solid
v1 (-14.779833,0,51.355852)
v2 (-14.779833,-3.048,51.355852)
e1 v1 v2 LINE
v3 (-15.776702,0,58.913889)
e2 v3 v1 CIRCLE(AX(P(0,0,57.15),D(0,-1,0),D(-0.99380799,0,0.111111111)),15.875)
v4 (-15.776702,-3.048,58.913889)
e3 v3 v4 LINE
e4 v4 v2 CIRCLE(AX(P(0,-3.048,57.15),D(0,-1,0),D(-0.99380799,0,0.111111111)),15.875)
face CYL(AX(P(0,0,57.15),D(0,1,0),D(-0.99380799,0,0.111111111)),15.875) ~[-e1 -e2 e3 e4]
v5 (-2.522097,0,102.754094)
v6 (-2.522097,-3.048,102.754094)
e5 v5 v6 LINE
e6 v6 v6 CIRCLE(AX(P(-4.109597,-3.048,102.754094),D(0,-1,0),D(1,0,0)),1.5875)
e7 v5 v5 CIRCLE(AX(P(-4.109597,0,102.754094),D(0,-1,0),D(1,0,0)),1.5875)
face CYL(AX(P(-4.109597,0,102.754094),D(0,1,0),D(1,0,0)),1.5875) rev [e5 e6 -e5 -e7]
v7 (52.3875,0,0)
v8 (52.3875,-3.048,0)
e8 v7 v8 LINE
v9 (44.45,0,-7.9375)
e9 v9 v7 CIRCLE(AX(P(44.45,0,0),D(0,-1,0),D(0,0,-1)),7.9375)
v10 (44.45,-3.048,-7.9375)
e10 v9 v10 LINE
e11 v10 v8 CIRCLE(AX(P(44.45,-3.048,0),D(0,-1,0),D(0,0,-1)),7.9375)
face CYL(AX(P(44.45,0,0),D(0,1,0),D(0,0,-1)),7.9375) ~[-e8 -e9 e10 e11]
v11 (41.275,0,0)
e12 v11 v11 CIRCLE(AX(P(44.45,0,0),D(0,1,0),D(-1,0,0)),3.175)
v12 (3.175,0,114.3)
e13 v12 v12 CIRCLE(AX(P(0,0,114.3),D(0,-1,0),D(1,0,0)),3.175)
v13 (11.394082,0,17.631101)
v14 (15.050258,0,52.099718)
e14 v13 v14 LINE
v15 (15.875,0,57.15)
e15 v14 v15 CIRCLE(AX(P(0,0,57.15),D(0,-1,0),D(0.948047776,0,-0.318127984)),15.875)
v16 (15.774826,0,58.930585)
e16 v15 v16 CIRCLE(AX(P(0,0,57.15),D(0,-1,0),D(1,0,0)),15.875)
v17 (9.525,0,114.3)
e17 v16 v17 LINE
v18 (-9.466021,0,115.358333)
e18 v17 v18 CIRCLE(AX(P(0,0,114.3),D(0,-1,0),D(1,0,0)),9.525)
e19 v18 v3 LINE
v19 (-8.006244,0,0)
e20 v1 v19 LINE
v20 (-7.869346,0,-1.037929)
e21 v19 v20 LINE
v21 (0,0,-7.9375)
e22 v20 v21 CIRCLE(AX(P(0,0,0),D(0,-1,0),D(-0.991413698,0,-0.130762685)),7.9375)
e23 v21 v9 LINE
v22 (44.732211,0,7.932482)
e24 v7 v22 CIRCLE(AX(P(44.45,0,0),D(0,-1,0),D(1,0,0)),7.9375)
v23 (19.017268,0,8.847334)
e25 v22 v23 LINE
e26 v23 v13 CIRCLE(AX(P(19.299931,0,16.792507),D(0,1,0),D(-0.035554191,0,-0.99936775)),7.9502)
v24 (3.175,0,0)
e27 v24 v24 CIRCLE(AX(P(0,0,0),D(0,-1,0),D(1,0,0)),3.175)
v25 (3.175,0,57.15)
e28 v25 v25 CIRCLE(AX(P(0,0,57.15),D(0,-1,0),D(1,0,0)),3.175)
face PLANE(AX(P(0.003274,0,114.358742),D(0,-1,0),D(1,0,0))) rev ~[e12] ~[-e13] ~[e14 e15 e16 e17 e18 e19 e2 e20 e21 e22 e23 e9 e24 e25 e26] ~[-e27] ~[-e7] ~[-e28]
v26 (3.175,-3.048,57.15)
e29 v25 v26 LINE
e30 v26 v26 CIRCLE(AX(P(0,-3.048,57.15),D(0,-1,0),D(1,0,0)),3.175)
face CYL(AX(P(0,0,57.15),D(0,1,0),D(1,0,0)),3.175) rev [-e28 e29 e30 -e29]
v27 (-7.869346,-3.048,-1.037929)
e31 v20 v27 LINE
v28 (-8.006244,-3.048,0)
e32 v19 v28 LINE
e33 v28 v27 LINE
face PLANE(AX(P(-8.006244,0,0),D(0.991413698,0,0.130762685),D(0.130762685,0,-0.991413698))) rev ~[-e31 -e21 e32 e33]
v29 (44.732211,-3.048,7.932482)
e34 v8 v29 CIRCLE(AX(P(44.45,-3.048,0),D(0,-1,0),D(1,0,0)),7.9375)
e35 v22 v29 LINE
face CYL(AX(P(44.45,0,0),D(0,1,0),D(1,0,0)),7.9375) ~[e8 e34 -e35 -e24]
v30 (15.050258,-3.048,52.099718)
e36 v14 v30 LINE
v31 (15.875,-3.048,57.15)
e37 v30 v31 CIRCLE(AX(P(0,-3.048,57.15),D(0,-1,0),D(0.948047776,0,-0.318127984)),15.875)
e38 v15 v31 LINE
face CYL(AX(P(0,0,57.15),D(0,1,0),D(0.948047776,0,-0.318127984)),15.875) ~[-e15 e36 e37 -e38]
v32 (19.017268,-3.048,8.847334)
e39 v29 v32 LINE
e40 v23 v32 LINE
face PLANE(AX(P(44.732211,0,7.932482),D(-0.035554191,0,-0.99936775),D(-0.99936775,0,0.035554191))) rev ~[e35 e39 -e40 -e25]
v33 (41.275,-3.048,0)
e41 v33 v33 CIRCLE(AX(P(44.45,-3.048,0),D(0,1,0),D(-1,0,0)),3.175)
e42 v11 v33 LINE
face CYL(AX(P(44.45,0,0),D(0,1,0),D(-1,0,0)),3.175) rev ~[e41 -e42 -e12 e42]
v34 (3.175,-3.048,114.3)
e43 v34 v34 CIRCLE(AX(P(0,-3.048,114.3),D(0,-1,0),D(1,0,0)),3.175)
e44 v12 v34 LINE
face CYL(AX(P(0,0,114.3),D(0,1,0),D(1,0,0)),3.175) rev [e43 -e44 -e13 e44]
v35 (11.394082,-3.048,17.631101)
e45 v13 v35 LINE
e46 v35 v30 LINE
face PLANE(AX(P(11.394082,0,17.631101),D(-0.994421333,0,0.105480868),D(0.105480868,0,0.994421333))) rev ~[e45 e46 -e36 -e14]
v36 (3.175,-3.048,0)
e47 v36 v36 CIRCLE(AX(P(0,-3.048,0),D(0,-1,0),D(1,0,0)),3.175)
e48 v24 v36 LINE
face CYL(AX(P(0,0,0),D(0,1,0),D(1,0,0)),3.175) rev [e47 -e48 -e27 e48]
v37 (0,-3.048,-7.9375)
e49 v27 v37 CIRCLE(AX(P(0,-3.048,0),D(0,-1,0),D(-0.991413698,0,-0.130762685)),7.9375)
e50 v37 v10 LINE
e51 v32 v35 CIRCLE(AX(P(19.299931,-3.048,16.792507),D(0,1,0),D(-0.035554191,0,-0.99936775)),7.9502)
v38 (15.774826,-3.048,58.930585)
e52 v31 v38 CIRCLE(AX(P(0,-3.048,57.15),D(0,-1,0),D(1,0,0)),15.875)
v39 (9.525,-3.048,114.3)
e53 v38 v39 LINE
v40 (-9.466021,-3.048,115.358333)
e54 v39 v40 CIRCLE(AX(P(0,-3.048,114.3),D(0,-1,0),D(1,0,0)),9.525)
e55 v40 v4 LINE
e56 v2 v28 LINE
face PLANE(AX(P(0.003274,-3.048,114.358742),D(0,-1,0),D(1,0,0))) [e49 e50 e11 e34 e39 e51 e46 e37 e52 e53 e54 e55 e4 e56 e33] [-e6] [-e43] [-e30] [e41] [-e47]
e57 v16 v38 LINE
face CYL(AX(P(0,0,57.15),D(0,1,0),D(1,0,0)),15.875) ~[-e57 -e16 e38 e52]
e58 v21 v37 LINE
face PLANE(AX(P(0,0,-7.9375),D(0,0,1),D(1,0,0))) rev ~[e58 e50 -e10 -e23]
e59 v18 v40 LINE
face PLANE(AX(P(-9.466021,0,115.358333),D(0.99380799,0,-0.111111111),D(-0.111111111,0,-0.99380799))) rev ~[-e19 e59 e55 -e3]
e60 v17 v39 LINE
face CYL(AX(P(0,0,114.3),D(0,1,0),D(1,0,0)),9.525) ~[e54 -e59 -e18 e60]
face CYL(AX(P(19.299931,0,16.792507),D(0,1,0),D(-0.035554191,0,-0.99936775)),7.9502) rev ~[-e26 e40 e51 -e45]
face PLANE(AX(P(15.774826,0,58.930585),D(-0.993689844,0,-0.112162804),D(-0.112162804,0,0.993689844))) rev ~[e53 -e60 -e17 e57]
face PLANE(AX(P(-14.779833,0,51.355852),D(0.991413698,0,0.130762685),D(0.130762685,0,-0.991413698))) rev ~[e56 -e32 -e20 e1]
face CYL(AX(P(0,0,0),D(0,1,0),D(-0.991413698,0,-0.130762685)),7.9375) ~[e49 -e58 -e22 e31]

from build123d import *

# Parameters (mm, degrees)
F0_R     = 3.175
F0_R_2   = 1.5875
F1_DEPTH = 3.048


with BuildPart() as f1:
    # F0 (on Front) → F1 (new body)
    with BuildSketch(Plane.XZ):
        with BuildLine():
            ThreePointArc((-9.4660211047, 115.3583333333), (-0.529987725, 104.7897561539), (9.525, 114.3))
            ThreePointArc((9.525, 114.3), (0.529987725, 123.8102438461), (-9.4660211047, 115.3583333333))
        make_face()
        with Locations((0, 114.3)):
            Circle(F0_R, mode=Mode.SUBTRACT)
        with BuildLine():
            Line((15.7748262685, 58.9305845108), (9.525, 114.3))
            ThreePointArc((9.525, 114.3), (-0.529987725, 104.7897561539), (-9.4660211047, 115.3583333333))
            Line((-9.4660211047, 115.3583333333), (-15.7767018412, 58.9138888889))
            ThreePointArc((-15.7767018412, 58.9138888889), (-0.0084003209, 73.0249977775), (15.7748262685, 58.9305845108))
        make_face()
        with Locations((-4.1095972992, 102.7540937066)):
            Circle(F0_R_2, mode=Mode.SUBTRACT)
        with BuildLine():
            Line((15.0502584462, 52.0997182551), (15.7748262685, 58.9305845108))
            ThreePointArc((15.7748262685, 58.9305845108), (-0.0084003209, 73.0249977775), (-15.7767018412, 58.9138888889))
            Line((-15.7767018412, 58.9138888889), (-14.779833163, 51.3558515143))
            ThreePointArc((-14.779833163, 51.3558515143), (0.3957485192, 41.2799335821), (15.0502584462, 52.0997182551))
        make_face()
        with Locations((0, 57.15)):
            Circle(F0_R, mode=Mode.SUBTRACT)
        with BuildLine():
            ThreePointArc((15.875, 57.15), (15.8499367824, 58.0417000584), (15.7748262685, 58.9305845108))
            Line((15.7748262685, 58.9305845108), (15.0502584462, 52.0997182551))
            ThreePointArc((15.0502584462, 52.0997182551), (15.6674579596, 54.5914093561), (15.875, 57.15))
        make_face()
        with BuildLine():
            Line((-14.779833163, 51.3558515143), (-15.7767018412, 58.9138888889))
            ThreePointArc((-15.7767018412, 58.9138888889), (-15.7386924522, 55.0741423712), (-14.779833163, 51.3558515143))
        make_face()
        with BuildLine():
            Line((11.3940822454, 17.6311014222), (15.0502584462, 52.0997182551))
            ThreePointArc((15.0502584462, 52.0997182551), (0.3957485192, 41.2799335821), (-14.779833163, 51.3558515143))
            Line((-14.779833163, 51.3558515143), (-8.0062440309, 0))
            Line((-8.0062440309, 0), (-7.8693462261, -1.0379288144))
            ThreePointArc((-7.8693462261, -1.0379288144), (-0.5200820033, 7.92044323), (7.9375, 0))
            Line((7.9375, 0), (36.5125, 0))
            ThreePointArc((36.5125, 0), (38.9380197142, 5.7115654228), (44.7322113901, 7.9324815147))
            Line((44.7322113901, 7.9324815147), (19.0172677949, 8.8473339433))
            ThreePointArc((19.0172677949, 8.8473339433), (13.2956345494, 11.5815471045), (11.3940822454, 17.6311014222))
        make_face()
        with BuildLine():
            ThreePointArc((7.9375, 0), (-0.5200820033, 7.92044323), (-7.8693462261, -1.0379288144))
            ThreePointArc((-7.8693462261, -1.0379288144), (-5.2328456066, -5.9683526292), (0, -7.9375))
            ThreePointArc((0, -7.9375), (5.6126600757, -5.6126600757), (7.9375, 0))
        make_face()
        Circle(F0_R, mode=Mode.SUBTRACT)
        with BuildLine():
            ThreePointArc((52.3875, 0), (50.1615654228, 5.5119802858), (44.7322113901, 7.9324815147))
            ThreePointArc((44.7322113901, 7.9324815147), (38.9380197142, 5.7115654228), (36.5125, 0))
            ThreePointArc((36.5125, 0), (38.8373399243, -5.6126600757), (44.45, -7.9375))
            ThreePointArc((44.45, -7.9375), (50.0626600757, -5.6126600757), (52.3875, 0))
        make_face()
        with BuildLine():
            ThreePointArc((47.625, 0), (44.45, -3.175), (41.275, 0))
            ThreePointArc((41.275, 0), (44.45, 3.175), (47.625, 0))
        make_face(mode=Mode.SUBTRACT)
        with BuildLine():
            Line((36.5125, 0), (7.9375, 0))
            ThreePointArc((7.9375, 0), (5.6126600757, -5.6126600757), (0, -7.9375))
            Line((0, -7.9375), (44.45, -7.9375))
            ThreePointArc((44.45, -7.9375), (38.8373399243, -5.6126600757), (36.5125, 0))
        make_face()
    extrude(amount=F1_DEPTH)


solid = f1.part
